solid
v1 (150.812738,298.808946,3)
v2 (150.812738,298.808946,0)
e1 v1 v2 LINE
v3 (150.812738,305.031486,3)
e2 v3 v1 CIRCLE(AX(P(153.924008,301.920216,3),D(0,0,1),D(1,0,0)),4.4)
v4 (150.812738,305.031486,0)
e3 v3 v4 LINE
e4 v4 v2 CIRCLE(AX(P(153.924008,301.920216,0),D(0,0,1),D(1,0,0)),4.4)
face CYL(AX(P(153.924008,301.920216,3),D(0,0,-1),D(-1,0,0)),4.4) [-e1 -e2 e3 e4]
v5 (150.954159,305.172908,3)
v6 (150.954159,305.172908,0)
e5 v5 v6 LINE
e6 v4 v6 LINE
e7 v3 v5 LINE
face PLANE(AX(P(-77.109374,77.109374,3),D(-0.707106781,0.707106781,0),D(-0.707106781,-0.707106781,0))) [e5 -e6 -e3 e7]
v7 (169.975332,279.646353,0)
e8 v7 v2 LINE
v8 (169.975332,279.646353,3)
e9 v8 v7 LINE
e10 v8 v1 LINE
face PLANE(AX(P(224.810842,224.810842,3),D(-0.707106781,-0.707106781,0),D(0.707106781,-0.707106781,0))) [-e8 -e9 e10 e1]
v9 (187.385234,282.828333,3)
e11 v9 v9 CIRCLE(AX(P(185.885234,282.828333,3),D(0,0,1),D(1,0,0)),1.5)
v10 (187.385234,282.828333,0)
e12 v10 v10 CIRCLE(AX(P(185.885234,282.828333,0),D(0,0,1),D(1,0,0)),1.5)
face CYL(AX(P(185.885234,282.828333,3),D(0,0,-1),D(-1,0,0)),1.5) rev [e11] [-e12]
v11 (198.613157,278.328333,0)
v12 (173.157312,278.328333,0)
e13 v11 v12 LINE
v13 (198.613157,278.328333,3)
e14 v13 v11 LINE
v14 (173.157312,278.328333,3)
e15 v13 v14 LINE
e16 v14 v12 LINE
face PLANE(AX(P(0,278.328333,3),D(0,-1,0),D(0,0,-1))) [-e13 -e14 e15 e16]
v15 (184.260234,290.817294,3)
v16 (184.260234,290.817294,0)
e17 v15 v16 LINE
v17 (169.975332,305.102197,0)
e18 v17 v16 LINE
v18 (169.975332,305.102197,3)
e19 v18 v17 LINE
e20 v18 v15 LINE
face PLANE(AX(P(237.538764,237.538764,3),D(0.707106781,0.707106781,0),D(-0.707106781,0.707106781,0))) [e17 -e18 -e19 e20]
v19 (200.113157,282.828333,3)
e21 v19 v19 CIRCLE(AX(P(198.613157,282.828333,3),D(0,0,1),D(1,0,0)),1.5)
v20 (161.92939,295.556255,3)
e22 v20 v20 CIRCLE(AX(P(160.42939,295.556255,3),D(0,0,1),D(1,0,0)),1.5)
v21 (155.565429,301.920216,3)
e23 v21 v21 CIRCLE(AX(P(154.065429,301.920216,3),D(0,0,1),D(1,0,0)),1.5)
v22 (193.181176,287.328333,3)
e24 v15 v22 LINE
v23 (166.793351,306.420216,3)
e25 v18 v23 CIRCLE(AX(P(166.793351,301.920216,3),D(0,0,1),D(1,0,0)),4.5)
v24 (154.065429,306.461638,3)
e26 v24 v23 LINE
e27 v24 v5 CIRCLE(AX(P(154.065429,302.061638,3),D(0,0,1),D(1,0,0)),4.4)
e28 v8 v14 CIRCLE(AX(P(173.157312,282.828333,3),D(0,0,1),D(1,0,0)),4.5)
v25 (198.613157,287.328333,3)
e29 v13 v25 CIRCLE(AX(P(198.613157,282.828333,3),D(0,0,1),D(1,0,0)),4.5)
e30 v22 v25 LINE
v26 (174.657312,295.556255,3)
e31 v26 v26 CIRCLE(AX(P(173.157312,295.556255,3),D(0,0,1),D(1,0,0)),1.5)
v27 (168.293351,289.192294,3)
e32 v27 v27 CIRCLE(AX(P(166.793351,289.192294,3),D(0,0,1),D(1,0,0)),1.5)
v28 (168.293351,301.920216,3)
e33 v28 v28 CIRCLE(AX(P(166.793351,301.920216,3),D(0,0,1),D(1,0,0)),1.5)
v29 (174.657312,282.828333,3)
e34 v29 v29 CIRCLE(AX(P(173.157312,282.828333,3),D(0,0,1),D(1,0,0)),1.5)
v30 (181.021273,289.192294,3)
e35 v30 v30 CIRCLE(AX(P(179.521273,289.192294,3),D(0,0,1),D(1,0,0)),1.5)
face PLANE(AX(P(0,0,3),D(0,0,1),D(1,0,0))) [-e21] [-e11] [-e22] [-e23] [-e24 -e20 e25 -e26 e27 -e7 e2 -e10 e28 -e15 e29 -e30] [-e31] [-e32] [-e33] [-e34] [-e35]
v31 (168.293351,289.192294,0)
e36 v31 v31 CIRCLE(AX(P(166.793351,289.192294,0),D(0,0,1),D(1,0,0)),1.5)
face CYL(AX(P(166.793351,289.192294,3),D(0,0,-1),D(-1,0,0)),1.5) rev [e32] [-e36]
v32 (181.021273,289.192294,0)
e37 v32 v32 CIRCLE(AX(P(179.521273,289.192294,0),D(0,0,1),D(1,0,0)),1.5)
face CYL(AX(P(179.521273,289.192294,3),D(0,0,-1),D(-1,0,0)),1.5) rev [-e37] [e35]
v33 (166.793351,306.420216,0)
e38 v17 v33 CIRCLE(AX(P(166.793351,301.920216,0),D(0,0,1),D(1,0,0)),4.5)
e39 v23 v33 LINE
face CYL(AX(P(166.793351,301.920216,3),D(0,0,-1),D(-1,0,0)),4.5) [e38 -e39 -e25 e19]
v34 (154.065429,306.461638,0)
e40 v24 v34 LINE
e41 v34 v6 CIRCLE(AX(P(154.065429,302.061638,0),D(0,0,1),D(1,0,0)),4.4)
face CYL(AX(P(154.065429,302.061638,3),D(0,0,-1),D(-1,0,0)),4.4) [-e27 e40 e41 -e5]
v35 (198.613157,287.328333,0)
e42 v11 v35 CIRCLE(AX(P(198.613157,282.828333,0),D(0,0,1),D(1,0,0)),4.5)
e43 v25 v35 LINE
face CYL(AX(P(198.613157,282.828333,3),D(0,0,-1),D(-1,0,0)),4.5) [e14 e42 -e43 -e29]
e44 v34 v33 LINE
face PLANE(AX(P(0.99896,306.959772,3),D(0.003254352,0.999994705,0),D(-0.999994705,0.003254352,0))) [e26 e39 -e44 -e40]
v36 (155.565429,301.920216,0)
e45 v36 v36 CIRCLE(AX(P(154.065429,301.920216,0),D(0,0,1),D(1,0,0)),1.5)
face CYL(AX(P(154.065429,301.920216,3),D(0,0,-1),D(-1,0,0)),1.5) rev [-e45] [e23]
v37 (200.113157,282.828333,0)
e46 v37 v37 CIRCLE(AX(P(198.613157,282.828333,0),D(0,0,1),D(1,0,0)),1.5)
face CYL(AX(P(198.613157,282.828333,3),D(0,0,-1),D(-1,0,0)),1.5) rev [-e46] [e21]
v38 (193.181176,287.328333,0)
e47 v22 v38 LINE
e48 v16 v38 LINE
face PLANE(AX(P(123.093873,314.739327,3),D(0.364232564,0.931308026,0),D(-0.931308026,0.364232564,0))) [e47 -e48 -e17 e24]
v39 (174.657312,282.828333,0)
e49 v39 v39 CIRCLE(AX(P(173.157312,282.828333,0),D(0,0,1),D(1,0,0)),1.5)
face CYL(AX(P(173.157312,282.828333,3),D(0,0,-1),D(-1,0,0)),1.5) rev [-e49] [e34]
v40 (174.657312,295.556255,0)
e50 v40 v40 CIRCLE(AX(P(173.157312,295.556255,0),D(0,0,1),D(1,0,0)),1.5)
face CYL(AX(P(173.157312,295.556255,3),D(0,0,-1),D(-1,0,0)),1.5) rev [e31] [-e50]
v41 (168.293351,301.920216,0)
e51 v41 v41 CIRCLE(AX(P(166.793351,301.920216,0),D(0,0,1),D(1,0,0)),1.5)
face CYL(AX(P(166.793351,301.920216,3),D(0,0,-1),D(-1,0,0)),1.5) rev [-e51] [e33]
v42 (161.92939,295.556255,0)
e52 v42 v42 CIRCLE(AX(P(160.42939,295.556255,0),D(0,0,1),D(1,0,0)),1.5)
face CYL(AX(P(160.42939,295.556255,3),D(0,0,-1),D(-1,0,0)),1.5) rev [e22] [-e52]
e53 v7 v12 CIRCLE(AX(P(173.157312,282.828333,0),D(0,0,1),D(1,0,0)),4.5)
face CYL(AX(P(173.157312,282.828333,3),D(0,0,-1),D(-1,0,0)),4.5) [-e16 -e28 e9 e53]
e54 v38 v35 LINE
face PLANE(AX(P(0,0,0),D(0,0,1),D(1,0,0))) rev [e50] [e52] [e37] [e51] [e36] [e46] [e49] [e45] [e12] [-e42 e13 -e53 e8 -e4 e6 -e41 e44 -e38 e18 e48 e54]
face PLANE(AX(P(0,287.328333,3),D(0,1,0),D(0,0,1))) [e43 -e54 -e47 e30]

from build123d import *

# Parameters (mm, degrees)
MODEL_R                 = 1.5
SALIENTE_EXTRUIR1_DEPTH = 3


with BuildPart() as part:
    # Model → Saliente-Extruir1 (new body)
    with BuildSketch(Plane.XY):
        with BuildLine():
            Line((198.613156537, 287.328333228), (193.181176022, 287.328333228))
            Line((193.181176022, 287.328333228), (184.260234476, 290.817294259))
            Line((184.260234476, 290.817294259), (169.975331899, 305.102196835))
            ThreePointArc((169.975331899, 305.102196835), (168.51542683, 306.077674216), (166.793351384, 306.42021632))
            Line((166.793351384, 306.42021632), (154.094067467, 306.461544477))
            Line((154.094067467, 306.461544477), (154.065429323, 306.461637676))
            ThreePointArc((154.065429323, 306.461637676), (152.38162222, 306.126707619), (150.954159485, 305.172907513))
            Line((150.954159485, 305.172907513), (150.812738129, 305.031486157))
            ThreePointArc((150.812738129, 305.031486157), (149.524007966, 301.92021632), (150.812738129, 298.808946483))
            Line((150.812738129, 298.808946483), (169.975331899, 279.646352713))
            ThreePointArc((169.975331899, 279.646352713), (171.435236969, 278.670875332), (173.157312415, 278.328333228))
            Line((173.157312415, 278.328333228), (198.613156537, 278.328333228))
            ThreePointArc((198.613156537, 278.328333228), (203.113156537, 282.828333228), (198.613156537, 287.328333228))
        make_face()
        with Locations((173.157312415, 282.828333228)):
            Circle(MODEL_R, mode=Mode.SUBTRACT)
        with Locations((166.793351384, 289.192294259)):
            Circle(MODEL_R, mode=Mode.SUBTRACT)
        with Locations((185.885234476, 282.828333228)):
            Circle(MODEL_R, mode=Mode.SUBTRACT)
        with Locations((198.613156537, 282.828333228)):
            Circle(MODEL_R, mode=Mode.SUBTRACT)
        with Locations((179.521273445, 289.192294259)):
            Circle(MODEL_R, mode=Mode.SUBTRACT)
        with Locations((160.429390353, 295.556255289)):
            Circle(MODEL_R, mode=Mode.SUBTRACT)
        with Locations((173.157312415, 295.556255289)):
            Circle(MODEL_R, mode=Mode.SUBTRACT)
        with Locations((154.065429323, 301.92021632)):
            Circle(MODEL_R, mode=Mode.SUBTRACT)
        with Locations((166.793351384, 301.92021632)):
            Circle(MODEL_R, mode=Mode.SUBTRACT)
    extrude(amount=SALIENTE_EXTRUIR1_DEPTH)


solid = part.part
